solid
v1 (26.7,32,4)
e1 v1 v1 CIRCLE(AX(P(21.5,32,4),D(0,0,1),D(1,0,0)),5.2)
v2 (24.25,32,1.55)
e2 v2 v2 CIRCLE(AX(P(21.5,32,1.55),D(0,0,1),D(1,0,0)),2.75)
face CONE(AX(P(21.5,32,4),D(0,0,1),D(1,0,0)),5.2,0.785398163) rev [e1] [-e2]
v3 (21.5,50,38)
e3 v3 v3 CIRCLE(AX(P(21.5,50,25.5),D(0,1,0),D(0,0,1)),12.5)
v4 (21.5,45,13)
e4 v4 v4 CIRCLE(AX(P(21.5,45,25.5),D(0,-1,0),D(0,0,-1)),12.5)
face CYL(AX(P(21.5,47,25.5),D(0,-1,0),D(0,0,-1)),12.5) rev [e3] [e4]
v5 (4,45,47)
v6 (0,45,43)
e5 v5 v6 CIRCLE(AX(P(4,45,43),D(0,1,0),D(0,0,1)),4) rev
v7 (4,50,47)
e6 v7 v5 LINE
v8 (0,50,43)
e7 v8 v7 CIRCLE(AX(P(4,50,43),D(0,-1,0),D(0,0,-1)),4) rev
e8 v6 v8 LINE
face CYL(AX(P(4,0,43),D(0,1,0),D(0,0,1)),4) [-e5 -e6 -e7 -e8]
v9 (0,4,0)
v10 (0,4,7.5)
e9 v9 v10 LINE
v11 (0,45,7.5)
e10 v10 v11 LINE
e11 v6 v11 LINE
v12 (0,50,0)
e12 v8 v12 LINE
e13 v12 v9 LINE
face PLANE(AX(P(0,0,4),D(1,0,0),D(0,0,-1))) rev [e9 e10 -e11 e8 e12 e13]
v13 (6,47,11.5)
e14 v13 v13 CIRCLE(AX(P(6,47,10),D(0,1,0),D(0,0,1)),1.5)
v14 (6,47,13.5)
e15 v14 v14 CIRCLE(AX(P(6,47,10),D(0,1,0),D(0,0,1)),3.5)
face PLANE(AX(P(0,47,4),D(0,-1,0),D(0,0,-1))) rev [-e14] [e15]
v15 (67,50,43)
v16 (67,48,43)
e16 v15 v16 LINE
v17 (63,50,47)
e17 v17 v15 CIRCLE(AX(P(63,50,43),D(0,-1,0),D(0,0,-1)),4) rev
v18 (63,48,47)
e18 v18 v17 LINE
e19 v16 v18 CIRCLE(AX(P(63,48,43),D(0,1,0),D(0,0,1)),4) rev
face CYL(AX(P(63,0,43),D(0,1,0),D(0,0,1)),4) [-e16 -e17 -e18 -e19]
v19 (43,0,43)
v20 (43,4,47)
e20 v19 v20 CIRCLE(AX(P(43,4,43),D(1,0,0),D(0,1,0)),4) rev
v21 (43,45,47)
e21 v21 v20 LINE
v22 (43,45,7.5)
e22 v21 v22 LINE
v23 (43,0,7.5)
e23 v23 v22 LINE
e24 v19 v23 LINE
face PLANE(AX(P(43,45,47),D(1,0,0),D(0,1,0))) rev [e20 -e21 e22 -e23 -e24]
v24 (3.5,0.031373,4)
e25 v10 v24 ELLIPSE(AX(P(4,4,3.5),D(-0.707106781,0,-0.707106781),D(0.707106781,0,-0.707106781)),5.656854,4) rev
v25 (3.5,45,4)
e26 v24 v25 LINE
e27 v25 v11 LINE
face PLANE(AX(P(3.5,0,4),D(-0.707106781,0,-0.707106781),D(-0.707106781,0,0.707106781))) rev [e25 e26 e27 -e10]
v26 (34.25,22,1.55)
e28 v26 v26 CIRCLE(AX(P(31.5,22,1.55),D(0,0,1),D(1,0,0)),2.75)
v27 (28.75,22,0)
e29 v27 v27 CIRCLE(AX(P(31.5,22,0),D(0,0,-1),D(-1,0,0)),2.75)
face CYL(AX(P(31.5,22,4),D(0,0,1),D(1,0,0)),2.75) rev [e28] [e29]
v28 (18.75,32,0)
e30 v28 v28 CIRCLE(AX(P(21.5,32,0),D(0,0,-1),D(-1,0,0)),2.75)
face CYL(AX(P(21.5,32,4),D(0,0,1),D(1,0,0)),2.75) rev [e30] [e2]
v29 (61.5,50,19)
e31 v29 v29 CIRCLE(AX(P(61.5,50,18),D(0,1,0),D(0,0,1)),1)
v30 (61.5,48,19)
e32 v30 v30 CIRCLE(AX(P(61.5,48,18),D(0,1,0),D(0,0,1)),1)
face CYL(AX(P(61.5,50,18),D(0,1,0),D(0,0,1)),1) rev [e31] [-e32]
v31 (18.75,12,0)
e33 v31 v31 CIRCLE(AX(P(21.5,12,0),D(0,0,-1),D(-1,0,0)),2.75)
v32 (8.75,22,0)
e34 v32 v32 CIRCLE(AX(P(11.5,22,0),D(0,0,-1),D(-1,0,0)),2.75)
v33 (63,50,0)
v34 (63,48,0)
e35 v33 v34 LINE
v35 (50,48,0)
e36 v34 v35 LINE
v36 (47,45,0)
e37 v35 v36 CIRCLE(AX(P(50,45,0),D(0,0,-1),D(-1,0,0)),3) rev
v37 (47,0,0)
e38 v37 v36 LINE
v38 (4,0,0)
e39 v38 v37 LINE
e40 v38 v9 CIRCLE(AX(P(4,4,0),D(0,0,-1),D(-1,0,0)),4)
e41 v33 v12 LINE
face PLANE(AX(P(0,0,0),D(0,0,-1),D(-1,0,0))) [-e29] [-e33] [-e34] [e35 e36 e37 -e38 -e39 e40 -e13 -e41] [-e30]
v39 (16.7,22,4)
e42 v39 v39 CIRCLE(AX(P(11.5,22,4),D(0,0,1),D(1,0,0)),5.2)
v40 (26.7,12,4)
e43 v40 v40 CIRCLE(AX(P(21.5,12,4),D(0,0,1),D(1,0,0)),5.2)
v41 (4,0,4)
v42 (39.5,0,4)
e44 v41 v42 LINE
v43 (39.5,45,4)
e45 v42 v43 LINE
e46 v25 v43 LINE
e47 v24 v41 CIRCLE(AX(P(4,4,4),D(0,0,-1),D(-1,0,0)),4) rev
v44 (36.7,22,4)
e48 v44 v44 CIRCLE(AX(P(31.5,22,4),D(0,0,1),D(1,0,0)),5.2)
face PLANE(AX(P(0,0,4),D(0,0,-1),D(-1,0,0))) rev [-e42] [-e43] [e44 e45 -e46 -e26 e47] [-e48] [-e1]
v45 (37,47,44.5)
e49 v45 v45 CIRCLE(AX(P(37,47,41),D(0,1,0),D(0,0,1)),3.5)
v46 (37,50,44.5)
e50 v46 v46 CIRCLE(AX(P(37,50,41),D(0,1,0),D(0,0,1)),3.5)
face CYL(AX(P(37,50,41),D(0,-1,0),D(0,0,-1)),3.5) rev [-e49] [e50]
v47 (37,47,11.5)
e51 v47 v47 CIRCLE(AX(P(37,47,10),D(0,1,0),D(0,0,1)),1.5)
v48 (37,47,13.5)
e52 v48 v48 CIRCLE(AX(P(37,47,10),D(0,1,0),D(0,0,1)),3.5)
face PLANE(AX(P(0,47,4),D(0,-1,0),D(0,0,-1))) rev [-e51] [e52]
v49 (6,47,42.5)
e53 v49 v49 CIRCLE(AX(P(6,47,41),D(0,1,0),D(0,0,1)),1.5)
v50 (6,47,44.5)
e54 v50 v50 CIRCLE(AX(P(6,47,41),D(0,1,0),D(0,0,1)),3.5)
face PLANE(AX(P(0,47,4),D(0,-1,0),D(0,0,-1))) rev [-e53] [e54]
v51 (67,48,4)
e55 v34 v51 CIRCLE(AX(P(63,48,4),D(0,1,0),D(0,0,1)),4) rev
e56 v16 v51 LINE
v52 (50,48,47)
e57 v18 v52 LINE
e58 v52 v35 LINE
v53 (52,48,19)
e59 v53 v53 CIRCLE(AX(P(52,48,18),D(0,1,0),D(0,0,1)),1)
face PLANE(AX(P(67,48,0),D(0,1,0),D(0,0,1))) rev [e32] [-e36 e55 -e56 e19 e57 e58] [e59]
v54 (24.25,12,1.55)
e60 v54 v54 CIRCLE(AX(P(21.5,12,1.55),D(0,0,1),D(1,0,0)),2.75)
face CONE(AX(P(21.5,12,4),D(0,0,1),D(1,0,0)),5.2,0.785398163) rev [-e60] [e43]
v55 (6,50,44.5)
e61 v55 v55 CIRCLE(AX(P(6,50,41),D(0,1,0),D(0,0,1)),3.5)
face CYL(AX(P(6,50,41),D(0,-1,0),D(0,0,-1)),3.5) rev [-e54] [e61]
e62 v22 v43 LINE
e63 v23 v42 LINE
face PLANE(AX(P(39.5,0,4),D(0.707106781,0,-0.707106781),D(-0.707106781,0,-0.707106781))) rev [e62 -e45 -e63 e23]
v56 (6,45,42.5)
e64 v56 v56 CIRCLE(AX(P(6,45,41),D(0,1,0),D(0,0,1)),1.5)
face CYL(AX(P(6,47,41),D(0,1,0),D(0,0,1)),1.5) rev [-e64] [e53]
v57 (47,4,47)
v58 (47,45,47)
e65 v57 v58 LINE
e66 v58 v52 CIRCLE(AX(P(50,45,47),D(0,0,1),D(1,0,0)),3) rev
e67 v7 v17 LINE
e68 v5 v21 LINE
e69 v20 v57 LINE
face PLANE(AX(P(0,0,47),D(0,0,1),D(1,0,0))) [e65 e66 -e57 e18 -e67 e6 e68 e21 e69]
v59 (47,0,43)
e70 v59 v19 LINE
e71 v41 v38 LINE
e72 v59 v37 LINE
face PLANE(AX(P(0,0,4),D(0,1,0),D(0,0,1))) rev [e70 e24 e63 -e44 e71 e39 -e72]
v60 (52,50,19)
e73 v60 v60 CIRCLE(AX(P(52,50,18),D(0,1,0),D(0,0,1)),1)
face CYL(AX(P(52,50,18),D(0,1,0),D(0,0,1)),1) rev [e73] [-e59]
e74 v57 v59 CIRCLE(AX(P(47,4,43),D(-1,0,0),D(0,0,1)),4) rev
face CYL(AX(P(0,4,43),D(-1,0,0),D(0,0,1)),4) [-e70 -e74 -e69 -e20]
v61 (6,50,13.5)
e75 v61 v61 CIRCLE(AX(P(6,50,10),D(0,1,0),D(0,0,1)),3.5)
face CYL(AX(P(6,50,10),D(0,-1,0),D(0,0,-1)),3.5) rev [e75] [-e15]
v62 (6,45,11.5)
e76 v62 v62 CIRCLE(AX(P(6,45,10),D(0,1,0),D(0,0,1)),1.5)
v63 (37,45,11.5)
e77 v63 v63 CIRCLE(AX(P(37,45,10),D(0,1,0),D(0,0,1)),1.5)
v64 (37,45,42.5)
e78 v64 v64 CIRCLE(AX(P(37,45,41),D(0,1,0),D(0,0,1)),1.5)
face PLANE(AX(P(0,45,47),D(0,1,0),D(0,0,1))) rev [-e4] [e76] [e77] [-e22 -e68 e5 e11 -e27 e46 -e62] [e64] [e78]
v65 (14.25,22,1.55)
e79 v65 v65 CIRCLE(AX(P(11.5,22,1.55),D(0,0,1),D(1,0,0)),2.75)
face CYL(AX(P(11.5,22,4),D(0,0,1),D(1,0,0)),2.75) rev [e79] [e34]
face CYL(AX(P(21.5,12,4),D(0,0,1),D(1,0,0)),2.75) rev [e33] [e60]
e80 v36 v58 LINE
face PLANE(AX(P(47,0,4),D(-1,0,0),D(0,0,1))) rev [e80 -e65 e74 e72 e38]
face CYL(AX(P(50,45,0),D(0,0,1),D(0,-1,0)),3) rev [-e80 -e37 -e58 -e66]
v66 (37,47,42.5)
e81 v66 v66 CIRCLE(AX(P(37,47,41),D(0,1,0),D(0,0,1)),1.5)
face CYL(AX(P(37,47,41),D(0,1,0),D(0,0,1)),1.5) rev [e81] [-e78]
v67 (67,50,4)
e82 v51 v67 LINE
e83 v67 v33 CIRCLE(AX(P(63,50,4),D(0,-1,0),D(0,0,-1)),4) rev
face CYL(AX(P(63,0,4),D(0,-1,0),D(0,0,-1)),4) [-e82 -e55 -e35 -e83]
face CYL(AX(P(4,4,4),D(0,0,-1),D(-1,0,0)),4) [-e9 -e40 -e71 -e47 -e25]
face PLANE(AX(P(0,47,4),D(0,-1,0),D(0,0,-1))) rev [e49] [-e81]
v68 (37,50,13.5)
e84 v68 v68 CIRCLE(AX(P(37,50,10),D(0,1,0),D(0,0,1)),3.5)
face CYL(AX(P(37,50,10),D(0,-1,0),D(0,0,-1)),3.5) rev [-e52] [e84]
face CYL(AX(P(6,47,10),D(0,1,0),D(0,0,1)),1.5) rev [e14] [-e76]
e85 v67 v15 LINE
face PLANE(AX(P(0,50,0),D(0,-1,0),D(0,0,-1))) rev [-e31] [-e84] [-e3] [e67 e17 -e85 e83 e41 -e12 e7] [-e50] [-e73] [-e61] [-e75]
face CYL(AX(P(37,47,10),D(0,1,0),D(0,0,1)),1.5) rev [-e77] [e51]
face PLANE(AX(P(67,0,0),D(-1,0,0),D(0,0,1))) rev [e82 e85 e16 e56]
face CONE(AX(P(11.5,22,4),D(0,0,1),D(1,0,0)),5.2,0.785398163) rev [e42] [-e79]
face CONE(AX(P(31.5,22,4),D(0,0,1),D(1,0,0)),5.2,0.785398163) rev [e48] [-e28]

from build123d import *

# Parameters (mm, degrees)
SKETCH_2_W                  = 47
SKETCH_2_H                  = 47
EXTRUDE_1_DEPTH             = 4
SKETCH_3_W                  = 47
SKETCH_3_H                  = 2
EXTRUDE_2_DEPTH             = 43
SKETCH_4_W                  = 4
SKETCH_4_H                  = 45
EXTRUDE_3_DEPTH             = 43
SKETCH_5_R                  = 12.5
CUT_EXTRUDE_1_DEPTH         = 81.268300094
M3X0_5_2_D                  = 3
HOLE_WIZARD_M5_1_AT_2_COUNT = 2
HOLE_WIZARD_M5_1_AT_2_PITCH = 14.142135624
HOLE_WIZARD_M5_1_AT_3_COUNT = 2
HOLE_WIZARD_M5_1_AT_3_PITCH = 20
HOLE_WIZARD_M5_1_AT_4_COUNT = 2
HOLE_WIZARD_M5_1_AT_4_PITCH = 14.142135624
EXTRUDE_6_DEPTH             = 45
EXTRUDE_7_DEPTH             = 45
SKETCH_23_W                 = 67
SKETCH_23_H                 = 47
SKETCH_23_R                 = 3.5
SKETCH_23_R_2               = 12.5
EXTRUDE_10_DEPTH            = 3
M2X0_4_1_D                  = 2
SKETCH_27_W                 = 47
SKETCH_27_H                 = 1
CUT_EXTRUDE_2_DEPTH         = 20
FILLET_1_R                  = 2.5
FILLET_2_R                  = 4
SKETCH_29_W                 = 47
SKETCH_29_H                 = 2
EXTRUDE_11_DEPTH            = 20
FILLET_5_R                  = 4
FILLET_6_R                  = 3
M2X0_4_2_D                  = 2
SKETCH_34_W                 = 20
SKETCH_34_H                 = 47
CUT_EXTRUDE_5_DEPTH         = 20
FILLET_7_R                  = 4


with BuildPart() as part:
    # ｽｹｯﾁ2 → ﾎﾞｽ - 押し出し1 (new body)
    with BuildSketch(Plane.XY):
        with Locations((23.5, 23.5)):
            Rectangle(SKETCH_2_W, SKETCH_2_H)
    extrude(amount=EXTRUDE_1_DEPTH)

    # ｽｹｯﾁ3 → ﾎﾞｽ - 押し出し2 (add)
    with BuildSketch(Plane.XY.offset(4)):
        with Locations((23.5, 46)):
            Rectangle(SKETCH_3_W, SKETCH_3_H)
    extrude(amount=EXTRUDE_2_DEPTH)

    # ｽｹｯﾁ4 → ﾎﾞｽ - 押し出し3 (add)
    with BuildSketch(Plane.XY.offset(4)):
        with Locations((45, 22.5)):
            Rectangle(SKETCH_4_W, SKETCH_4_H)
    extrude(amount=EXTRUDE_3_DEPTH)

    # ｽｹｯﾁ5 → ｶｯﾄ - 押し出し1 (cut, through all)
    with BuildSketch(Plane.XZ.offset(-45)):
        with Locations(Location((21.5, 25.5, 0), (0, 0, 270))):
            Circle(SKETCH_5_R)
    extrude(amount=-CUT_EXTRUDE_1_DEPTH, mode=Mode.SUBTRACT)

    # M3x0.5 ねじ穴2 (through all)
    with Locations(Plane(origin=(0, 47, 0), x_dir=(1, 0, 0), z_dir=(0, 1, 0))):
        with Locations((6, -10), (37, -10), (37, -41), (6, -41)):
            Hole(M3X0_5_2_D / 2)

    # ｽｹｯﾁ14 → M5 平皿頭ねじ用皿穴1 (revolve, cut)
    with BuildSketch(Plane(origin=(11.5, 22, 4), x_dir=(0, -1, 0), z_dir=(1, 0, 0))):
        Polygon((0, 0), (0, 4), (2.75, 4), (2.75, 2.45), (5.2, 0), align=None)
    hole_wizard_m5_1 = revolve(axis=Axis((11.5, 22, 10.35), (0, 0, -1)), mode=Mode.SUBTRACT)

    # M5 平皿頭ねじ用皿穴1 at 2: M5 平皿頭ねじ用皿穴1 ×2
    with Locations(*[Vector(0.7071067811865475, 0.7071067811865476, 0) * (i * HOLE_WIZARD_M5_1_AT_2_PITCH) for i in range(1, HOLE_WIZARD_M5_1_AT_2_COUNT)]):
        add(hole_wizard_m5_1, mode=Mode.SUBTRACT)

    # M5 平皿頭ねじ用皿穴1 at 3: M5 平皿頭ねじ用皿穴1 ×2
    with Locations(*[(i * HOLE_WIZARD_M5_1_AT_3_PITCH, 0, 0) for i in range(1, HOLE_WIZARD_M5_1_AT_3_COUNT)]):
        add(hole_wizard_m5_1, mode=Mode.SUBTRACT)

    # M5 平皿頭ねじ用皿穴1 at 4: M5 平皿頭ねじ用皿穴1 ×2
    with Locations(*[Vector(0.7071067811865474, -0.7071067811865478, 0) * (i * HOLE_WIZARD_M5_1_AT_4_PITCH) for i in range(1, HOLE_WIZARD_M5_1_AT_4_COUNT)]):
        add(hole_wizard_m5_1, mode=Mode.SUBTRACT)

    # ｽｹｯﾁ17 → ﾎﾞｽ - 押し出し6 (add)
    with BuildSketch(Plane.XZ.offset(-45)):
        Polygon((43, 4), (39.5, 4), (43, 7.5), align=None)
    extrude(amount=EXTRUDE_6_DEPTH)

    # ｽｹｯﾁ19 → ﾎﾞｽ - 押し出し7 (add)
    with BuildSketch(Plane.XZ.offset(-45)):
        Polygon((0, 4), (3.5, 4), (0, 7.5), align=None)
    extrude(amount=EXTRUDE_7_DEPTH)

    # ｽｹｯﾁ23 → ﾎﾞｽ - 押し出し10 (add)
    with BuildSketch(Plane(origin=(0, 47, 0), x_dir=(1, 0, 0), z_dir=(0, 1, 0))):
        with Locations((13.5, -23.5)):
            Rectangle(SKETCH_23_W, SKETCH_23_H)
        with Locations(Location((6, -10, 0), (0, 0, 270))):
            Circle(SKETCH_23_R, mode=Mode.SUBTRACT)
        with Locations(Location((6, -41, 0), (0, 0, 270))):
            Circle(SKETCH_23_R, mode=Mode.SUBTRACT)
        with Locations(Location((37, -10, 0), (0, 0, 270))):
            Circle(SKETCH_23_R, mode=Mode.SUBTRACT)
        with Locations(Location((37, -41, 0), (0, 0, 270))):
            Circle(SKETCH_23_R, mode=Mode.SUBTRACT)
        with Locations(Location((21.5, -25.5, 0), (0, 0, 90))):
            Circle(SKETCH_23_R_2, mode=Mode.SUBTRACT)
    extrude(amount=EXTRUDE_10_DEPTH)

    # M2x0.4 ねじ穴1 (through all)
    with Locations(Plane(origin=(0, 50, 0), x_dir=(1, 0, 0), z_dir=(0, 1, 0))):
        with Locations((-5, -18), (-14.5, -18)):
            Hole(M2X0_4_1_D / 2)

    # ｽｹｯﾁ27 → ｶｯﾄ - 押し出し2 (cut)
    with BuildSketch(Plane.ZY.offset(20)):
        with Locations((23.5, 47.5)):
            Rectangle(SKETCH_27_W, SKETCH_27_H)
    extrude(amount=-CUT_EXTRUDE_2_DEPTH, mode=Mode.SUBTRACT)

    # ﾌｨﾚｯﾄ1
    fillet_1_edges = [part.edges().sort_by_distance(p)[0] for p in [
        (0, 48, 23.5),
    ]]
    fillet(fillet_1_edges, radius=FILLET_1_R)

    # ﾌｨﾚｯﾄ2
    fillet_2_edges = [part.edges().sort_by_distance(p)[0] for p in [
        (-20, 49, 47),
        (-20, 49, 0),
        (0, 0, 3.75),
        (45, 0, 47),
    ]]
    fillet(fillet_2_edges, radius=FILLET_2_R)

    # ｽｹｯﾁ29 → ﾎﾞｽ - 押し出し11 (add)
    with BuildSketch(Plane(origin=(47, 0, 0), x_dir=(0, 0, -1), z_dir=(1, 0, 0))):
        with Locations((-23.5, 49)):
            Rectangle(SKETCH_29_W, SKETCH_29_H)
    extrude(amount=EXTRUDE_11_DEPTH)

    # ﾌｨﾚｯﾄ5
    fillet_5_edges = [part.edges().sort_by_distance(p)[0] for p in [
        (67, 49, 0),
        (67, 49, 47),
    ]]
    fillet(fillet_5_edges, radius=FILLET_5_R)

    # ﾌｨﾚｯﾄ6
    fillet_6_edges = [part.edges().sort_by_distance(p)[0] for p in [
        (47, 48, 23.5),
    ]]
    fillet(fillet_6_edges, radius=FILLET_6_R)

    # M2x0.4 ねじ穴2 (through all)
    with Locations(Plane(origin=(0, 50, 0), x_dir=(1, 0, 0), z_dir=(0, 1, 0))):
        with Locations((61.5, -18), (52, -18)):
            Hole(M2X0_4_2_D / 2)

    # ｽｹｯﾁ34 → ｶｯﾄ - 押し出し5 (cut)
    with BuildSketch(Plane(origin=(0, 50, 0), x_dir=(1, 0, 0), z_dir=(0, 1, 0))):
        with Locations((-10, -23.5)):
            Rectangle(SKETCH_34_W, SKETCH_34_H)
    extrude(amount=-CUT_EXTRUDE_5_DEPTH, mode=Mode.SUBTRACT)

    # ﾌｨﾚｯﾄ7
    fillet_7_edges = [part.edges().sort_by_distance(p)[0] for p in [
        (0, 47.5, 47),
    ]]
    fillet(fillet_7_edges, radius=FILLET_7_R)


solid = part.part
